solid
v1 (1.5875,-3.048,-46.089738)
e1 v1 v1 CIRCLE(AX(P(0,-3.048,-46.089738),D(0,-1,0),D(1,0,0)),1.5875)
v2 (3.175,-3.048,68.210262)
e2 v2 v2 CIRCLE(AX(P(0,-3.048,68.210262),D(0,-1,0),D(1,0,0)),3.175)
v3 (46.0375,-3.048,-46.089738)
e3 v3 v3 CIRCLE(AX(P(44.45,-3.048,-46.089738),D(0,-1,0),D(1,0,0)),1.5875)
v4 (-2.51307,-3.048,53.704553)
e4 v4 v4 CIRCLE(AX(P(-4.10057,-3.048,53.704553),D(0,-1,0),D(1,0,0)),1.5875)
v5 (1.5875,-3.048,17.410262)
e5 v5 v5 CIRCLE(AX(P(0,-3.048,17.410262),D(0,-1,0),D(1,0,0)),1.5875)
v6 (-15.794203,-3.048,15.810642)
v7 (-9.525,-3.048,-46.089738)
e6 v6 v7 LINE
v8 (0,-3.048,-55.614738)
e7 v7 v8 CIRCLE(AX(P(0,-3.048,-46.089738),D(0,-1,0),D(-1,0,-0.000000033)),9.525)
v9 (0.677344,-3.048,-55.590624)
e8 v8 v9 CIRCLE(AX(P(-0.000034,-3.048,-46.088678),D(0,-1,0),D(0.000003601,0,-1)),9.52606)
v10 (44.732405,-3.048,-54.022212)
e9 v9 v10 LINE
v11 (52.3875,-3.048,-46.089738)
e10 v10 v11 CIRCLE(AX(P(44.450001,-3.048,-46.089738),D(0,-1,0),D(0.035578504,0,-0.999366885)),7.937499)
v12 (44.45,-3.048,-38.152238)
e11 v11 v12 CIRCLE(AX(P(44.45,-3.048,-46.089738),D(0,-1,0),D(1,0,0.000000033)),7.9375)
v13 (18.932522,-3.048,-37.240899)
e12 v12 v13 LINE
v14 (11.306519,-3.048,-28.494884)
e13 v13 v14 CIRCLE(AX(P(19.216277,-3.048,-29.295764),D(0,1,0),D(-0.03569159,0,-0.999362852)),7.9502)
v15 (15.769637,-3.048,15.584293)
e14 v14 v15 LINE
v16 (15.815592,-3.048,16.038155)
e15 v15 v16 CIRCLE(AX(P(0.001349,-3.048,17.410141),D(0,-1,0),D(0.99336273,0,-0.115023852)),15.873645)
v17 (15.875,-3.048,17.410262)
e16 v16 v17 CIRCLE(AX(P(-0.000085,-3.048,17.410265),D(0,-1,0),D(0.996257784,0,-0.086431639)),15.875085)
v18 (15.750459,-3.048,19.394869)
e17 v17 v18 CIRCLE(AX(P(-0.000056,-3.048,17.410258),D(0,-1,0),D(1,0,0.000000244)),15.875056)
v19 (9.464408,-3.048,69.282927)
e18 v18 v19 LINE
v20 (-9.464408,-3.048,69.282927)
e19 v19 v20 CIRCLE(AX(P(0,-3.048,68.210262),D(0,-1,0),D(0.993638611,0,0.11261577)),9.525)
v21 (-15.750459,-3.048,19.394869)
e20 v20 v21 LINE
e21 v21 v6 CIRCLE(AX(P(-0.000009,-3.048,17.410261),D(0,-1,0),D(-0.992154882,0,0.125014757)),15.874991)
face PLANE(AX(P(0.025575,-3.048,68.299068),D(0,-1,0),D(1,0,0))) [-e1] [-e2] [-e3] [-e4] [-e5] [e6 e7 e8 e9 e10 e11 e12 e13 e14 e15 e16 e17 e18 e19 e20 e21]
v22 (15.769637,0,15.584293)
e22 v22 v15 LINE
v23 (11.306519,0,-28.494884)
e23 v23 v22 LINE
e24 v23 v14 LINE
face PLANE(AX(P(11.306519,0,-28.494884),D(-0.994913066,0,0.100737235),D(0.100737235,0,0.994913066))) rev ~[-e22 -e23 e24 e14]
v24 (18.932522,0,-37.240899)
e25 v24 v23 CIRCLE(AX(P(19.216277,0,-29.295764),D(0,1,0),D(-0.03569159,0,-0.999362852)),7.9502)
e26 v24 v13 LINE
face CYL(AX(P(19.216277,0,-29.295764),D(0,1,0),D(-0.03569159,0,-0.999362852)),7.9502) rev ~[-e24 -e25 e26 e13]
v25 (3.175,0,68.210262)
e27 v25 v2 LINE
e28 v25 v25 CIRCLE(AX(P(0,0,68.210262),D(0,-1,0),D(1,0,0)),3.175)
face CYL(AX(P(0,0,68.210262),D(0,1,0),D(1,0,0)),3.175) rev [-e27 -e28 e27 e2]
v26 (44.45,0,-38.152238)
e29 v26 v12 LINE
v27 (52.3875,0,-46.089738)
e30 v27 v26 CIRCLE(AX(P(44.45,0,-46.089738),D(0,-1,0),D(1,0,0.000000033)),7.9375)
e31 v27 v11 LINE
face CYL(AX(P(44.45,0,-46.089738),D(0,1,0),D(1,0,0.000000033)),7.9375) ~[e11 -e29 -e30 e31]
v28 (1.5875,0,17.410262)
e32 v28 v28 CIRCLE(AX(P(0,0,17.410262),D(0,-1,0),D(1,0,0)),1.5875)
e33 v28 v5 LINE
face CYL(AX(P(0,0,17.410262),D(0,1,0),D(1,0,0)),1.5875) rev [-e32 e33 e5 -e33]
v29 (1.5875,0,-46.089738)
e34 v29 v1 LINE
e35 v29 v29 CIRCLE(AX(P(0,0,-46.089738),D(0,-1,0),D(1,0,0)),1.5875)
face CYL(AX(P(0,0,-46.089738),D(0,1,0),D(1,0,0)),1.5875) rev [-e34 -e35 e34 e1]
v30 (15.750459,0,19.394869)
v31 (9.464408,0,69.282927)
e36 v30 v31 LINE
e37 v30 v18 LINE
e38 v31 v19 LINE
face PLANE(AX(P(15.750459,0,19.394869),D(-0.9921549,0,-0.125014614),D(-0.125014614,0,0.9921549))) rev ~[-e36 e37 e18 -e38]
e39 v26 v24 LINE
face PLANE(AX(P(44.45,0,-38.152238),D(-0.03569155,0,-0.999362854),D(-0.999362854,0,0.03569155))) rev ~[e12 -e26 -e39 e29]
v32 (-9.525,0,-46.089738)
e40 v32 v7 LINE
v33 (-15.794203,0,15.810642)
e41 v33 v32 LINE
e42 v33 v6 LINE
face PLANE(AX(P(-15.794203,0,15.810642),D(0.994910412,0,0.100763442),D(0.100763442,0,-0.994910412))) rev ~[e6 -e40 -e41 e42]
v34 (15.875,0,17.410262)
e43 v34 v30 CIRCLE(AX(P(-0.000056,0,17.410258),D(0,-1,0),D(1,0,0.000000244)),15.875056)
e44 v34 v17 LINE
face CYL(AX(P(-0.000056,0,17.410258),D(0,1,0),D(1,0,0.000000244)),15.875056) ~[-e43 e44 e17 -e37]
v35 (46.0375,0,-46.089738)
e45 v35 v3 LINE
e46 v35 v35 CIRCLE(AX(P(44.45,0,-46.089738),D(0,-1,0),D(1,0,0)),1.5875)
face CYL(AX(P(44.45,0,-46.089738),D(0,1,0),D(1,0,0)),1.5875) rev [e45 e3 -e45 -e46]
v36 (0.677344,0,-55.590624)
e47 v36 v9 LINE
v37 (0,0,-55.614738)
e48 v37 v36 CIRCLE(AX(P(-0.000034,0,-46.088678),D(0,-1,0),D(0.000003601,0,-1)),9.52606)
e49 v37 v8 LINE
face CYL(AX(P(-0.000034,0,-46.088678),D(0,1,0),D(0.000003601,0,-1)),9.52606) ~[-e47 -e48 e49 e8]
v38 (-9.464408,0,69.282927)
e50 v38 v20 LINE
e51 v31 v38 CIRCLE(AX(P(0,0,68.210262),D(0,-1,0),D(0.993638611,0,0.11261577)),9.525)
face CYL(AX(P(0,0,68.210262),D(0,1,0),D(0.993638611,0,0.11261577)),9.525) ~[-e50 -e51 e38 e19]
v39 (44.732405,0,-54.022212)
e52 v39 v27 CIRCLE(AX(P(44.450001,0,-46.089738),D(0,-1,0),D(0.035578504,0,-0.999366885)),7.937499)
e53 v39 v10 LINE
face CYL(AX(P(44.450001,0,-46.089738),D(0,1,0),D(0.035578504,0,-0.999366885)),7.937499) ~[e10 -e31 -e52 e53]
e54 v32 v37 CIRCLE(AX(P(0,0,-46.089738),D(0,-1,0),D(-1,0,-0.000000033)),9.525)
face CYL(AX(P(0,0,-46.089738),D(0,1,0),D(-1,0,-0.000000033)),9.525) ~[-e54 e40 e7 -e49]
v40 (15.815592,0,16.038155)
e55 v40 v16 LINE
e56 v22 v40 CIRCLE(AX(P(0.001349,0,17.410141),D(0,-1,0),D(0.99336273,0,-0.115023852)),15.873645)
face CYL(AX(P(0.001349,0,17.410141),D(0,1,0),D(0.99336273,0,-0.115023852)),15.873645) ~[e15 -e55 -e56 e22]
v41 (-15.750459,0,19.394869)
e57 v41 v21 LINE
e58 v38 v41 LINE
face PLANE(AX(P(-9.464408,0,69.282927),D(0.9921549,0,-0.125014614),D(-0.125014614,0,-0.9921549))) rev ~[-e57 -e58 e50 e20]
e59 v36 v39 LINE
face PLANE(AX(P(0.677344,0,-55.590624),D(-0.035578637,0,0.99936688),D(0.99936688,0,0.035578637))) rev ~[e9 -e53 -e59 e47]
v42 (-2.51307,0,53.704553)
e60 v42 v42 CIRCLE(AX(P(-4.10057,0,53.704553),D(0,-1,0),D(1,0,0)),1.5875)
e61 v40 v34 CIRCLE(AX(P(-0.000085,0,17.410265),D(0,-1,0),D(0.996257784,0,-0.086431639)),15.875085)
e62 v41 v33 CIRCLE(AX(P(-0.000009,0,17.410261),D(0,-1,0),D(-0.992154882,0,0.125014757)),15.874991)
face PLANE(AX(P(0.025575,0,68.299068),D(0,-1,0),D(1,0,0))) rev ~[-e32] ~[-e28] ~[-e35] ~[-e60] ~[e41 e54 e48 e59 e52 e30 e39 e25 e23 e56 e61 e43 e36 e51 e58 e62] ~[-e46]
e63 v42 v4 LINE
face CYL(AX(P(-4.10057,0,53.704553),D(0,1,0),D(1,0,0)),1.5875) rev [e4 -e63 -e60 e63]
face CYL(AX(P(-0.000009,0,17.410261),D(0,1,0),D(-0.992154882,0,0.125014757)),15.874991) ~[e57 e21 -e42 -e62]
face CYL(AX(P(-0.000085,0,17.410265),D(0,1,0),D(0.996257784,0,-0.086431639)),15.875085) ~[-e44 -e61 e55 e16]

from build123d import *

# Parameters (mm, degrees)
F0_R     = 3.175
F0_R_2   = 1.5875
F1_DEPTH = 3.048


with BuildPart() as f1:
    # F0 (on Front) → F1 (new body)
    with BuildSketch(Plane.XZ):
        with BuildLine():
            ThreePointArc((-9.464408, 69.282927), (-0.537188, 58.700422), (9.525, 68.210262))
            ThreePointArc((9.525, 68.210262), (9.50984, 68.74745), (9.464408, 69.282927))
            ThreePointArc((9.464408, 69.282927), (0, 77.735262), (-9.464408, 69.282927))
        make_face()
        with Locations((0, 68.210262)):
            Circle(F0_R, mode=Mode.SUBTRACT)
        with BuildLine():
            ThreePointArc((9.464408, 69.282927), (9.50984, 68.74745), (9.525, 68.210262))
            ThreePointArc((9.525, 68.210262), (-0.537188, 58.700422), (-9.464408, 69.282927))
            Line((-9.464408, 69.282927), (-15.750459, 19.394869))
            ThreePointArc((-15.750459, 19.394869), (0, 33.285262), (15.750459, 19.394869))
            Line((15.750459, 19.394869), (9.464408, 69.282927))
        make_face()
        with Locations((-4.10057, 53.704553)):
            Circle(F0_R_2, mode=Mode.SUBTRACT)
        with BuildLine():
            ThreePointArc((15.875, 17.410262), (15.843834, 18.404518), (15.750459, 19.394869))
            ThreePointArc((15.750459, 19.394869), (0, 33.285262), (-15.750459, 19.394869))
            ThreePointArc((-15.750459, 19.394869), (-15.873818, 17.603994), (-15.794203, 15.810642))
            ThreePointArc((-15.794203, 15.810642), (-0.113839, 1.53567), (15.769637, 15.584293))
            Line((15.769637, 15.584293), (15.815592, 16.038155))
            ThreePointArc((15.815592, 16.038155), (15.860141, 16.723566), (15.875, 17.410262))
        make_face()
        with Locations((0, 17.410262)):
            Circle(F0_R_2, mode=Mode.SUBTRACT)
        with BuildLine():
            ThreePointArc((15.769637, 15.584293), (-0.113839, 1.53567), (-15.794203, 15.810642))
            Line((-15.794203, 15.810642), (-9.525, -46.089738))
            ThreePointArc((-9.525, -46.089738), (0, -36.564738), (9.525, -46.089738))
            ThreePointArc((9.525, -46.089738), (6.970557, -52.581037), (0.677344, -55.590624))
            Line((0.677344, -55.590624), (44.732405, -54.022212))
            ThreePointArc((44.732405, -54.022212), (36.513756, -46.230963), (44.45, -38.152238))
            Line((44.45, -38.152238), (18.932522, -37.240899))
            ThreePointArc((18.932522, -37.240899), (13.224065, -34.520616), (11.306519, -28.494884))
            Line((11.306519, -28.494884), (15.769637, 15.584293))
        make_face()
        with BuildLine():
            ThreePointArc((15.769637, 15.584293), (15.794245, 15.811059), (15.815592, 16.038155))
            Line((15.815592, 16.038155), (15.769637, 15.584293))
        make_face()
        with BuildLine():
            ThreePointArc((9.525, -46.089738), (0, -36.564738), (-9.525, -46.089738))
            ThreePointArc((-9.525, -46.089738), (-6.735192, -52.82493), (0, -55.614738))
            Line((0, -55.614738), (0.677344, -55.590624))
            ThreePointArc((0.677344, -55.590624), (6.970557, -52.581037), (9.525, -46.089738))
        make_face()
        with Locations((0, -46.089738)):
            Circle(F0_R_2, mode=Mode.SUBTRACT)
        with BuildLine():
            Line((0.677344, -55.590624), (0, -55.614738))
            ThreePointArc((0, -55.614738), (0.338886, -55.608707), (0.677344, -55.590624))
        make_face()
        with BuildLine():
            ThreePointArc((52.3875, -46.089738), (50.06266, -40.477078), (44.45, -38.152238))
            ThreePointArc((44.45, -38.152238), (36.513756, -46.230963), (44.732405, -54.022212))
            ThreePointArc((44.732405, -54.022212), (50.161633, -51.601648), (52.3875, -46.089738))
        make_face()
        with Locations((44.45, -46.089738)):
            Circle(F0_R_2, mode=Mode.SUBTRACT)
    extrude(amount=F1_DEPTH)


solid = f1.part
